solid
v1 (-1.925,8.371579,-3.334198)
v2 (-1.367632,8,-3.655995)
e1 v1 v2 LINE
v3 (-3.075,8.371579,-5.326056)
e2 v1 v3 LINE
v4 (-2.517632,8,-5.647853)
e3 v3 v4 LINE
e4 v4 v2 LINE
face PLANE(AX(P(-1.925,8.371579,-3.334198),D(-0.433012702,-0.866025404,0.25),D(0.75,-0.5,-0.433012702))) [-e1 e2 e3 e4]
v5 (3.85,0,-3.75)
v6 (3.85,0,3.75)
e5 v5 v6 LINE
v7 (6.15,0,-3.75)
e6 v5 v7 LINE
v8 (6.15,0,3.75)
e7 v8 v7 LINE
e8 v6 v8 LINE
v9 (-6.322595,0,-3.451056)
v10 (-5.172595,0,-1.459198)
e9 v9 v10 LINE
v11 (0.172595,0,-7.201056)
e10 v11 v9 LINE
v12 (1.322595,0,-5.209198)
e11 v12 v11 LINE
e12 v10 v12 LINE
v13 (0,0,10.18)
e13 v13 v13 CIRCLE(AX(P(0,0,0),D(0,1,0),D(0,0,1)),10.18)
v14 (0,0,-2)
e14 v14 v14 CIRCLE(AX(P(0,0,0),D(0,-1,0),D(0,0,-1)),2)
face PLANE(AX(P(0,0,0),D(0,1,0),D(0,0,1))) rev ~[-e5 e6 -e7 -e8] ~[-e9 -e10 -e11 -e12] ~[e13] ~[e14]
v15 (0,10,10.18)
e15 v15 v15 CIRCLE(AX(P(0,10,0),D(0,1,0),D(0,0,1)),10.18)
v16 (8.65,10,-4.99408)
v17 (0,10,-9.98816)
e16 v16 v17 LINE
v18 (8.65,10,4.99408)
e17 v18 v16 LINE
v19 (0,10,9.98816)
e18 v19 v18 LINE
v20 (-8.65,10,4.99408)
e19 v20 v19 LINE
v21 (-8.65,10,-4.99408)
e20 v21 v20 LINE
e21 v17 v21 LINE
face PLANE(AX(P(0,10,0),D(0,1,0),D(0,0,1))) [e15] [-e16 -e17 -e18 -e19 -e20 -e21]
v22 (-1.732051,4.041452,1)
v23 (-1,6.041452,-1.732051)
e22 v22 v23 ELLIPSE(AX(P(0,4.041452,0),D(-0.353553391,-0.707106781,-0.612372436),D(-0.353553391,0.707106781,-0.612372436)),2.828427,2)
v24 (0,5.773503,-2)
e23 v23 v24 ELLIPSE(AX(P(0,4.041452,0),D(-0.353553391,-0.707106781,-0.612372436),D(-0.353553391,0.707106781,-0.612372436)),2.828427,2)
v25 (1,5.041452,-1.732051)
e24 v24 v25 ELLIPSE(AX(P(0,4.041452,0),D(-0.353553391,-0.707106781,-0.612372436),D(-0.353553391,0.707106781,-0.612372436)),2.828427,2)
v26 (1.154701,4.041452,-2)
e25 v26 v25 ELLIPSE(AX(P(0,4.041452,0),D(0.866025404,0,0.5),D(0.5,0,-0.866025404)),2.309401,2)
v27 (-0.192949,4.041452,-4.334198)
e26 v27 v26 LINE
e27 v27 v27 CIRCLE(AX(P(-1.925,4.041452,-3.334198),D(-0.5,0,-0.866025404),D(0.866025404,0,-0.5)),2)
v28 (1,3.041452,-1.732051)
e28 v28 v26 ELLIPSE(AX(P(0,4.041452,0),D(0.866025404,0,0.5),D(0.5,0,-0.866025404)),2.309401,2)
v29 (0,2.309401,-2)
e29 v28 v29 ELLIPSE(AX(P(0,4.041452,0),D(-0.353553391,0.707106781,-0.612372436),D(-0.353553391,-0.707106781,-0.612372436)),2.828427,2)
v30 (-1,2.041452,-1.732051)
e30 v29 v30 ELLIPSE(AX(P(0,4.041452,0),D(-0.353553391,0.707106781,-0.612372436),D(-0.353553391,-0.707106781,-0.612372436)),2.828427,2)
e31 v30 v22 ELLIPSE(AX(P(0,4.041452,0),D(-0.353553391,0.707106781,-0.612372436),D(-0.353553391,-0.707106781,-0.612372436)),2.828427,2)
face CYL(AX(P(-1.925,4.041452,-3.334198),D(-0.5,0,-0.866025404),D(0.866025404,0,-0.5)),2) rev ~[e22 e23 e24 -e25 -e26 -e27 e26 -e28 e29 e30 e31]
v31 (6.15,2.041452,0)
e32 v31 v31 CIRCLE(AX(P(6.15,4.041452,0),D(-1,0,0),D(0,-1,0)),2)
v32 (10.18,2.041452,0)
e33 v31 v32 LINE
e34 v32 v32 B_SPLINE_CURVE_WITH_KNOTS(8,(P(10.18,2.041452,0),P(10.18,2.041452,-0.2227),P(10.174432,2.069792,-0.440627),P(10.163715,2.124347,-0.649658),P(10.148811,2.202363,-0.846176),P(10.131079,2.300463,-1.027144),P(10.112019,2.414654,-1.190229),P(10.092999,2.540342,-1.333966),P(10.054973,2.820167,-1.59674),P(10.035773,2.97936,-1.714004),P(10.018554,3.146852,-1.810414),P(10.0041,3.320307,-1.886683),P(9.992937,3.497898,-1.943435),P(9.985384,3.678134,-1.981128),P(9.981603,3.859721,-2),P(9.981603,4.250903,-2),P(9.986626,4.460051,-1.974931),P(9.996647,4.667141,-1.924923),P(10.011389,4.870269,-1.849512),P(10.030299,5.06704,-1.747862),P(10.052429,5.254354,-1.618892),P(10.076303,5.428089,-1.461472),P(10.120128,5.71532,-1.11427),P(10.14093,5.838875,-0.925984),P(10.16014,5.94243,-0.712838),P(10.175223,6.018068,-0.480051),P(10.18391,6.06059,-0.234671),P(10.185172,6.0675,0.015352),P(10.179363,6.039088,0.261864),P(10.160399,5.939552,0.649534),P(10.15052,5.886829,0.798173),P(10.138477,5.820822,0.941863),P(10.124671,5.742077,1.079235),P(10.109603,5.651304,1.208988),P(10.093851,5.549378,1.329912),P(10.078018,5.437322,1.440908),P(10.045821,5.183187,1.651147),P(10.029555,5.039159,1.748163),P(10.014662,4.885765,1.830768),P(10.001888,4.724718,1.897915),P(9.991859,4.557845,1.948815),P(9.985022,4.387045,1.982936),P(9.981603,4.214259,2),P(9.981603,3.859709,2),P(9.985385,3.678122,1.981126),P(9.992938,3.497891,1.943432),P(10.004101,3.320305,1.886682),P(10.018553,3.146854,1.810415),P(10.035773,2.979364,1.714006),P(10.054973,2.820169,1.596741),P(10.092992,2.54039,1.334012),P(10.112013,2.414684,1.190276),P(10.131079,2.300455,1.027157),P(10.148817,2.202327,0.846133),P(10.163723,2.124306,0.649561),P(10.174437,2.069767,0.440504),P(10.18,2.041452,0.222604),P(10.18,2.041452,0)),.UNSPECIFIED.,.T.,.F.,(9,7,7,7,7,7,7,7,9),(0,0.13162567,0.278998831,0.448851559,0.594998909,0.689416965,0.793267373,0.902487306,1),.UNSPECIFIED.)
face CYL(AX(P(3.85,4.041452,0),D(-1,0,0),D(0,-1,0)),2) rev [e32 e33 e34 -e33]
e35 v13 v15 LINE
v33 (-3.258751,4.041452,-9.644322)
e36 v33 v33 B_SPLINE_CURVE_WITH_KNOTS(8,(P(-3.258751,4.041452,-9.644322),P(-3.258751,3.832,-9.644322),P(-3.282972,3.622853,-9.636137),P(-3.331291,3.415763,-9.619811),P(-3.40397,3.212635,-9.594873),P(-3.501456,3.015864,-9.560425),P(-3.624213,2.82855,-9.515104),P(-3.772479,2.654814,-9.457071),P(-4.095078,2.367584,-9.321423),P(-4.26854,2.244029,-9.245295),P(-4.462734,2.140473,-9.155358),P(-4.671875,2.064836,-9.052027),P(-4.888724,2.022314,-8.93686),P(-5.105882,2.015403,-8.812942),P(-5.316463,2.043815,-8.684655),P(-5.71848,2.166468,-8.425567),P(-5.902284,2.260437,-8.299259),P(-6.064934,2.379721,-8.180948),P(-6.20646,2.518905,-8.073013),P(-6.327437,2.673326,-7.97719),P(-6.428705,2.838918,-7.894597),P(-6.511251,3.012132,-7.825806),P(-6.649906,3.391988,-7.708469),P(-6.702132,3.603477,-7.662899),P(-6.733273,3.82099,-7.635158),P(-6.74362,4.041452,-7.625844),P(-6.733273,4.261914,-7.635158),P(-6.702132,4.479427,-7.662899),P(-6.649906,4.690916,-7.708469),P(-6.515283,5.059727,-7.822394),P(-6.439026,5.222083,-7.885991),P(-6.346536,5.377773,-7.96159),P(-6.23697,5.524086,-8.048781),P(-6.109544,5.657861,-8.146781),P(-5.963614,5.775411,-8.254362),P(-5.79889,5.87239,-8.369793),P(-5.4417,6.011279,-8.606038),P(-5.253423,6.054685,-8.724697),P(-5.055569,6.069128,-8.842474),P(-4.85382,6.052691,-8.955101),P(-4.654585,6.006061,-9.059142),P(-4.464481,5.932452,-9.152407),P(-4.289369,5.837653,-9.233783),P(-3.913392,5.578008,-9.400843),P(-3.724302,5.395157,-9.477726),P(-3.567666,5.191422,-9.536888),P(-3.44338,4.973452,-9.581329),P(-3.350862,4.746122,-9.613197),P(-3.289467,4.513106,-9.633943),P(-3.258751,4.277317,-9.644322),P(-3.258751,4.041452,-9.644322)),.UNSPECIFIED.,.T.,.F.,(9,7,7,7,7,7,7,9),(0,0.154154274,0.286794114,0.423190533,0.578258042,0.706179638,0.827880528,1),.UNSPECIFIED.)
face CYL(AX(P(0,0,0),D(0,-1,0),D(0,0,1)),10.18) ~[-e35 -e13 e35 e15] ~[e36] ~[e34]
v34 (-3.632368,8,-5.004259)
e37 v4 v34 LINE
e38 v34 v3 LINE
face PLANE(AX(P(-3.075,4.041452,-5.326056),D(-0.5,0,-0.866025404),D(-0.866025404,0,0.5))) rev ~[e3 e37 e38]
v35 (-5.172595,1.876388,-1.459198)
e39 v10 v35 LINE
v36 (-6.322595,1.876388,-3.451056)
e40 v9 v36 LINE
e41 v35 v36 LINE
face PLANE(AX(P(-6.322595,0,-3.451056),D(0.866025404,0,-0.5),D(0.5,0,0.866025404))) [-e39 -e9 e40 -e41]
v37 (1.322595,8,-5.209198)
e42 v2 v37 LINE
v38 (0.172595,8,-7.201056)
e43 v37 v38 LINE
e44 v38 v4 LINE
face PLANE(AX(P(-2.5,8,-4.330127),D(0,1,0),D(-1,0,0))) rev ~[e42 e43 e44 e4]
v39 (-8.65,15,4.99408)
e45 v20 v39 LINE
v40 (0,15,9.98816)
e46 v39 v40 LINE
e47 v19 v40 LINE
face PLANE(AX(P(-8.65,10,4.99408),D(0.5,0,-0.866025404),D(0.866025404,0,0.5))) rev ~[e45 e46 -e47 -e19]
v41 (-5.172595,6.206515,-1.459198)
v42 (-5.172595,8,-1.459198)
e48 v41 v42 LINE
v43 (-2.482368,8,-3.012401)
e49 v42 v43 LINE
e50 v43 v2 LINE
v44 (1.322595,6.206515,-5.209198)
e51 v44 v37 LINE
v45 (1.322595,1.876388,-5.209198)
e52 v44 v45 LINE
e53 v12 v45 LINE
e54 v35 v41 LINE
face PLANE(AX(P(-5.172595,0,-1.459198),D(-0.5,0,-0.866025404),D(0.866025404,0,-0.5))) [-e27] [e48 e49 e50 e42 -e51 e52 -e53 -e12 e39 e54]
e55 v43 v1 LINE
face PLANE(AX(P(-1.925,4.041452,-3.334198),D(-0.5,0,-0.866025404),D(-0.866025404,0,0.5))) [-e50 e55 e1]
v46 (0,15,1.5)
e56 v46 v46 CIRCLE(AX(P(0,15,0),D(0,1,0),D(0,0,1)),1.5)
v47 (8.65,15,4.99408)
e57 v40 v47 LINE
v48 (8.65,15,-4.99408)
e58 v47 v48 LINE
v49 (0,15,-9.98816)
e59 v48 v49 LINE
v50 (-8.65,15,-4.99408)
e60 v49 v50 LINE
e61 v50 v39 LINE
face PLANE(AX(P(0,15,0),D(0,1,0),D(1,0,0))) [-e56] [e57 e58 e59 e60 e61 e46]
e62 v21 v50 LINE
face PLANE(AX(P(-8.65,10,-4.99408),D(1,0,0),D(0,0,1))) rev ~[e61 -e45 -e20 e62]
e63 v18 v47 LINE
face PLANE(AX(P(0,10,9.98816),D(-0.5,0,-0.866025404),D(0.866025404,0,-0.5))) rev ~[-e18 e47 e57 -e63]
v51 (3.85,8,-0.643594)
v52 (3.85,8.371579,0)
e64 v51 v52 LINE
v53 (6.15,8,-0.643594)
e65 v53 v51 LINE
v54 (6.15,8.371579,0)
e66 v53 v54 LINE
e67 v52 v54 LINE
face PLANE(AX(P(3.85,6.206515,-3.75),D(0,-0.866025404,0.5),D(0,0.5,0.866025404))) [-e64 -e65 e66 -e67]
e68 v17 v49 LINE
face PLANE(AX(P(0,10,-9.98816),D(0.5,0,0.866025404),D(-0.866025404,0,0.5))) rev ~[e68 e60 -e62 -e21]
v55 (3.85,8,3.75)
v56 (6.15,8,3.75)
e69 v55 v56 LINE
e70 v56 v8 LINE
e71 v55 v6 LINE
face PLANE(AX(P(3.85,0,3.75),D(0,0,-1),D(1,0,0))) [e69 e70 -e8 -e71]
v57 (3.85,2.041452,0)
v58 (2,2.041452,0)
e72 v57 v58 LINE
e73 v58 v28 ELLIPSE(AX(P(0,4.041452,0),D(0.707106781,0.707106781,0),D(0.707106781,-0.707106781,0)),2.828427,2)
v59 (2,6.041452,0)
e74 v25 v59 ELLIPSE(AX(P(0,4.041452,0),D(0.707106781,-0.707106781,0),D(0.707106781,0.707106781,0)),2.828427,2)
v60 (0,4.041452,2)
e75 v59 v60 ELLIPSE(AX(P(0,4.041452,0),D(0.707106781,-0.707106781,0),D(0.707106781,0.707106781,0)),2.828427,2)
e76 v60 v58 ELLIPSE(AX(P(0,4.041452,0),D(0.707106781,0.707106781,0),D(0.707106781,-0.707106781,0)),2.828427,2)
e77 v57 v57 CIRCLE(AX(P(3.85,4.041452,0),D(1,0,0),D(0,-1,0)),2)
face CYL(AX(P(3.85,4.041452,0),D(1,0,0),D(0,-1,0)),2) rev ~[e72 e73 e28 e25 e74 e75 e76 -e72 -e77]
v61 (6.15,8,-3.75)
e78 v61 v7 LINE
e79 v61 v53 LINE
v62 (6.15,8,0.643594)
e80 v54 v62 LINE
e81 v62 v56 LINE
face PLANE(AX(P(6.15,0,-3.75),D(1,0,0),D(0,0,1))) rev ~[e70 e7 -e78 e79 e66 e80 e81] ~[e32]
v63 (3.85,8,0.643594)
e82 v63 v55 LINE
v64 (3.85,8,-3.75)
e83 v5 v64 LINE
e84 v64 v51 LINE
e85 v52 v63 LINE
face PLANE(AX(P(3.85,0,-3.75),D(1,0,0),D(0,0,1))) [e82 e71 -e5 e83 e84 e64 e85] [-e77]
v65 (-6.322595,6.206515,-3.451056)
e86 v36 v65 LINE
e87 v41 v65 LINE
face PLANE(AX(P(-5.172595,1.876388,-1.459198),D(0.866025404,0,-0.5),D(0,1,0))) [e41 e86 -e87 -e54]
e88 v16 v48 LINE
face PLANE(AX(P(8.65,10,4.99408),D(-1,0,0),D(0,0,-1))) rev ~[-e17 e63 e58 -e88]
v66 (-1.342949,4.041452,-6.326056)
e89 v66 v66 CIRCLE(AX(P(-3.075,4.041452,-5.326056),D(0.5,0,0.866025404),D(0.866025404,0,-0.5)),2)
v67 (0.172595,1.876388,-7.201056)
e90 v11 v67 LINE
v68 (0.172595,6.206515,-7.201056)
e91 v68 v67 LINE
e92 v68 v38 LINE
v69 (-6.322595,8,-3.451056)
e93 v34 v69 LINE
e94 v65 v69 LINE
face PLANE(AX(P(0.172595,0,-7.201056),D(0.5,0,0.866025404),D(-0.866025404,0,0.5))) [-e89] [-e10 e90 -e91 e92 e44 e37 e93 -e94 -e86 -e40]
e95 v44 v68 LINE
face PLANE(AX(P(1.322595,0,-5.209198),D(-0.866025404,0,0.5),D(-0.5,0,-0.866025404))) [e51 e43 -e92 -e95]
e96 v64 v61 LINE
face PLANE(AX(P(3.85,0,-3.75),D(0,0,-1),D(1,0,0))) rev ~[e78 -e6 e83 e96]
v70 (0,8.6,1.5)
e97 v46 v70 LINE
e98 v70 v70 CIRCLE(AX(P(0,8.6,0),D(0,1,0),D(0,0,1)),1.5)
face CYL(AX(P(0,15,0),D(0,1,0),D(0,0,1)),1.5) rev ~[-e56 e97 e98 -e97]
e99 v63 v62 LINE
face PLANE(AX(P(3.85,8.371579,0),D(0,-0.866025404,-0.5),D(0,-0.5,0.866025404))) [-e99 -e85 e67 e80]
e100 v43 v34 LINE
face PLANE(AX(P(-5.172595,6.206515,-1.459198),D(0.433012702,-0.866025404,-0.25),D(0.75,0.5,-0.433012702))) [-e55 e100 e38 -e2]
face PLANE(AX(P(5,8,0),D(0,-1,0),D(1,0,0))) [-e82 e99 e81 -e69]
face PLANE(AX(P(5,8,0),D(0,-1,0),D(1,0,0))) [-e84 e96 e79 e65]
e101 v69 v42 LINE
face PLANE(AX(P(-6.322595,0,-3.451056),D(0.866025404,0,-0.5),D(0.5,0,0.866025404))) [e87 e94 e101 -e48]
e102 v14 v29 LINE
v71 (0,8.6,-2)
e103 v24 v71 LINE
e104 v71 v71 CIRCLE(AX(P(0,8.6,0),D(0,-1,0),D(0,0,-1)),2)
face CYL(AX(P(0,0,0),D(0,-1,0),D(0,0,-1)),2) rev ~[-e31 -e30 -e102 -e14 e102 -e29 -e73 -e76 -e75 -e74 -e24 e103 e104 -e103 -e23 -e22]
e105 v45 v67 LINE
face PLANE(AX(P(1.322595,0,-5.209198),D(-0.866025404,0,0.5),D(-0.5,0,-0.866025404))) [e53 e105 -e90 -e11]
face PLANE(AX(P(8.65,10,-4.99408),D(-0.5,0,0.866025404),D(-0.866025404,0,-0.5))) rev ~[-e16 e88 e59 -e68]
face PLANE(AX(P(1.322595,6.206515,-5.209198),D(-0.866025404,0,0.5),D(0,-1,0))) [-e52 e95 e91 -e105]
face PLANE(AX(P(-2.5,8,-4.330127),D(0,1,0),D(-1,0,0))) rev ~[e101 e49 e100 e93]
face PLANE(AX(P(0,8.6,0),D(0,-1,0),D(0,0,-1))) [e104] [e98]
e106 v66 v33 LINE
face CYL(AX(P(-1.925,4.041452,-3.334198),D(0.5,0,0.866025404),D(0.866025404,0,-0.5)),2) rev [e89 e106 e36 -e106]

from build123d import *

# Parameters (mm, degrees)
SKETCH_1_R                           = 10.18
EXTRUDE_355_DEPTH                    = 10
EXTRUDE_479_DEPTH                    = 5
SKETCH_3_R                           = 2
CUT_EXTRUDE_578_DEPTH                = 8.6
SKETCH_4_W                           = 2.3
SKETCH_4_H                           = 7.5
CUT_EXTRUDE_807_DEPTH                = 8
SKETCH_5_R                           = 2
CUT_EXTRUDE_1_DEPTH                  = 23.923204401
CUT_EXTRUDE_1_DIRECTION_2_REACH      = 24.923
CUT_EXTRUDE_1_DIRECTION_2_END_RADIUS = 2
SKETCH_6_R                           = 2
CUT_EXTRUDE_2_DEPTH                  = 24.540700338
CUT_EXTRUDE_2_DIRECTION_2_REACH      = 25.541
CUT_EXTRUDE_2_DIRECTION_2_END_RADIUS = 2
CUT_EXTRUDE_1_2_DEPTH                = 2.3
CUT_EXTRUDE_2_2_DEPTH                = 2.3
SKETCH_9_R                           = 1.5
CUT_EXTRUDE_7_DEPTH                  = 21.790978983


with BuildPart() as part:
    # Эскиз1 → Extrude 355 (new body)
    with BuildSketch(Plane(origin=(0, 0, 0), x_dir=(1, 0, 0), z_dir=(0, 1, 0))):
        with Locations(Location((0, 0, 0), (0, 0, 270))):
            Circle(SKETCH_1_R)
    extrude(amount=EXTRUDE_355_DEPTH)

    # Эскиз2 → Extrude 479 (add)
    with BuildSketch(Plane(origin=(0, 10, 0), x_dir=(1, 0, 0), z_dir=(0, 1, 0))):
        Polygon((0, 9.988159657), (-8.65, 4.994079828), (-8.65, -4.994079828), (0, -9.988159657), (8.65, -4.994079828), (8.65, 4.994079828), align=None)
    extrude(amount=EXTRUDE_479_DEPTH)

    # Эскиз3 → Cut-Extrude 578 (cut)
    with BuildSketch(Plane.XZ):
        with Locations(Location((0, 0, 0), (0, 0, 270))):
            Circle(SKETCH_3_R)
    extrude(amount=-CUT_EXTRUDE_578_DEPTH, mode=Mode.SUBTRACT)

    # Эскиз4 → Cut-Extrude 807 (cut)
    with BuildSketch(Plane.XZ):
        Polygon((-5.172595264, -1.459197805), (1.322595264, -5.209197805), (0.172595264, -7.201056233), (-6.322595264, -3.451056233), align=None)
        with Locations((5, 0)):
            Rectangle(SKETCH_4_W, SKETCH_4_H)
    extrude(amount=-CUT_EXTRUDE_807_DEPTH, mode=Mode.SUBTRACT)

    # Эскиз5 → Cut-Extrude 1 (cut)
    with BuildSketch(Plane(origin=(3.85, 0, 0), x_dir=(0, 0, -1), z_dir=(1, 0, 0))):
        with Locations(Location((0, 4.041451884, 0), (0, 0, 270))):
            Circle(SKETCH_5_R)
    extrude(amount=CUT_EXTRUDE_1_DEPTH, mode=Mode.SUBTRACT)

    # Cut-Extrude 1 direction 2: up to this cylinder (the profile starts outside it)
    cut_extrude_1_direction_2_end = Plane(origin=(0, 4.041452, 0), z_dir=(0, -1, 0)) * Cylinder(CUT_EXTRUDE_1_DIRECTION_2_END_RADIUS, 54.846, mode=Mode.PRIVATE)
    # Эскиз5 → Cut-Extrude 1 direction 2 (cut, up to the surface)
    with BuildSketch(Plane(origin=(3.85, 0, 0), x_dir=(0, 0, -1), z_dir=(1, 0, 0)), mode=Mode.PRIVATE) as cut_extrude_1_direction_2_sk1:
        with Locations(Location((0, 4.041451884, 0), (0, 0, 270))):
            Circle(SKETCH_5_R)
    cut_extrude_1_direction_2_tool1 = extrude(cut_extrude_1_direction_2_sk1.sketch, amount=-CUT_EXTRUDE_1_DIRECTION_2_REACH, mode=Mode.PRIVATE) - cut_extrude_1_direction_2_end
    add(cut_extrude_1_direction_2_tool1.solids().sort_by_distance((3.85, 4.041452, 0))[0], mode=Mode.SUBTRACT)

    # Эскиз6 → Cut-Extrude 2 (cut)
    with BuildSketch(Plane(origin=(-1.925, 0, -3.334197805), x_dir=(-0.8660254037844363, 0, 0.5000000000000042), z_dir=(-0.5000000000000042, 0, -0.8660254037844363))):
        with Locations(Location((0, 4.041451884, 0), (0, 0, 180))):
            Circle(SKETCH_6_R)
    extrude(amount=CUT_EXTRUDE_2_DEPTH, mode=Mode.SUBTRACT)

    # Cut-Extrude 2 direction 2: up to this cylinder (the profile starts outside it)
    cut_extrude_2_direction_2_end = Plane(origin=(0, 4.041452, 0), z_dir=(0, -1, 0)) * Cylinder(CUT_EXTRUDE_2_DIRECTION_2_END_RADIUS, 56.082, mode=Mode.PRIVATE)
    # Эскиз6 → Cut-Extrude 2 direction 2 (cut, up to the surface)
    with BuildSketch(Plane(origin=(-1.925, 0, -3.334197805), x_dir=(-0.8660254037844363, 0, 0.5000000000000042), z_dir=(-0.5000000000000042, 0, -0.8660254037844363)), mode=Mode.PRIVATE) as cut_extrude_2_direction_2_sk1:
        with Locations(Location((0, 4.041451884, 0), (0, 0, 180))):
            Circle(SKETCH_6_R)
    cut_extrude_2_direction_2_tool1 = extrude(cut_extrude_2_direction_2_sk1.sketch, amount=-CUT_EXTRUDE_2_DIRECTION_2_REACH, mode=Mode.PRIVATE) - cut_extrude_2_direction_2_end
    add(cut_extrude_2_direction_2_tool1.solids().sort_by_distance((-1.925, 4.041452, -3.334198))[0], mode=Mode.SUBTRACT)

    # Эскиз7 → Cut-Extrude 1 2 (cut)
    with BuildSketch(Plane(origin=(3.85, 0, 0), x_dir=(0, 0, -1), z_dir=(1, 0, 0))):
        Polygon((-3.75, 1.876388375), (0, -0.288675135), (3.75, 1.876388375), (3.75, 6.206515394), (0, 8.371578903), (-3.75, 6.206515394), align=None)
    extrude(amount=CUT_EXTRUDE_1_2_DEPTH, mode=Mode.SUBTRACT)

    # Эскиз8 → Cut-Extrude 2 2 (cut)
    with BuildSketch(Plane(origin=(-1.925, 0, -3.334197805), x_dir=(-0.8660254037844363, 0, 0.5000000000000042), z_dir=(-0.5000000000000042, 0, -0.8660254037844363))):
        Polygon((0, 8.371578903), (-3.75, 6.206515394), (-3.75, 1.876388375), (0, -0.288675135), (3.75, 1.876388375), (3.75, 6.206515394), align=None)
    extrude(amount=CUT_EXTRUDE_2_2_DEPTH, mode=Mode.SUBTRACT)

    # Эскиз9 → Вырез-Вытянуть7 (cut, through all)
    with BuildSketch(Plane(origin=(0, 15, 0), x_dir=(1, 0, 0), z_dir=(0, 1, 0))):
        with Locations(Location((0, 0, 0), (0, 0, 270))):
            Circle(SKETCH_9_R)
    extrude(amount=-CUT_EXTRUDE_7_DEPTH, mode=Mode.SUBTRACT)


solid = part.part
